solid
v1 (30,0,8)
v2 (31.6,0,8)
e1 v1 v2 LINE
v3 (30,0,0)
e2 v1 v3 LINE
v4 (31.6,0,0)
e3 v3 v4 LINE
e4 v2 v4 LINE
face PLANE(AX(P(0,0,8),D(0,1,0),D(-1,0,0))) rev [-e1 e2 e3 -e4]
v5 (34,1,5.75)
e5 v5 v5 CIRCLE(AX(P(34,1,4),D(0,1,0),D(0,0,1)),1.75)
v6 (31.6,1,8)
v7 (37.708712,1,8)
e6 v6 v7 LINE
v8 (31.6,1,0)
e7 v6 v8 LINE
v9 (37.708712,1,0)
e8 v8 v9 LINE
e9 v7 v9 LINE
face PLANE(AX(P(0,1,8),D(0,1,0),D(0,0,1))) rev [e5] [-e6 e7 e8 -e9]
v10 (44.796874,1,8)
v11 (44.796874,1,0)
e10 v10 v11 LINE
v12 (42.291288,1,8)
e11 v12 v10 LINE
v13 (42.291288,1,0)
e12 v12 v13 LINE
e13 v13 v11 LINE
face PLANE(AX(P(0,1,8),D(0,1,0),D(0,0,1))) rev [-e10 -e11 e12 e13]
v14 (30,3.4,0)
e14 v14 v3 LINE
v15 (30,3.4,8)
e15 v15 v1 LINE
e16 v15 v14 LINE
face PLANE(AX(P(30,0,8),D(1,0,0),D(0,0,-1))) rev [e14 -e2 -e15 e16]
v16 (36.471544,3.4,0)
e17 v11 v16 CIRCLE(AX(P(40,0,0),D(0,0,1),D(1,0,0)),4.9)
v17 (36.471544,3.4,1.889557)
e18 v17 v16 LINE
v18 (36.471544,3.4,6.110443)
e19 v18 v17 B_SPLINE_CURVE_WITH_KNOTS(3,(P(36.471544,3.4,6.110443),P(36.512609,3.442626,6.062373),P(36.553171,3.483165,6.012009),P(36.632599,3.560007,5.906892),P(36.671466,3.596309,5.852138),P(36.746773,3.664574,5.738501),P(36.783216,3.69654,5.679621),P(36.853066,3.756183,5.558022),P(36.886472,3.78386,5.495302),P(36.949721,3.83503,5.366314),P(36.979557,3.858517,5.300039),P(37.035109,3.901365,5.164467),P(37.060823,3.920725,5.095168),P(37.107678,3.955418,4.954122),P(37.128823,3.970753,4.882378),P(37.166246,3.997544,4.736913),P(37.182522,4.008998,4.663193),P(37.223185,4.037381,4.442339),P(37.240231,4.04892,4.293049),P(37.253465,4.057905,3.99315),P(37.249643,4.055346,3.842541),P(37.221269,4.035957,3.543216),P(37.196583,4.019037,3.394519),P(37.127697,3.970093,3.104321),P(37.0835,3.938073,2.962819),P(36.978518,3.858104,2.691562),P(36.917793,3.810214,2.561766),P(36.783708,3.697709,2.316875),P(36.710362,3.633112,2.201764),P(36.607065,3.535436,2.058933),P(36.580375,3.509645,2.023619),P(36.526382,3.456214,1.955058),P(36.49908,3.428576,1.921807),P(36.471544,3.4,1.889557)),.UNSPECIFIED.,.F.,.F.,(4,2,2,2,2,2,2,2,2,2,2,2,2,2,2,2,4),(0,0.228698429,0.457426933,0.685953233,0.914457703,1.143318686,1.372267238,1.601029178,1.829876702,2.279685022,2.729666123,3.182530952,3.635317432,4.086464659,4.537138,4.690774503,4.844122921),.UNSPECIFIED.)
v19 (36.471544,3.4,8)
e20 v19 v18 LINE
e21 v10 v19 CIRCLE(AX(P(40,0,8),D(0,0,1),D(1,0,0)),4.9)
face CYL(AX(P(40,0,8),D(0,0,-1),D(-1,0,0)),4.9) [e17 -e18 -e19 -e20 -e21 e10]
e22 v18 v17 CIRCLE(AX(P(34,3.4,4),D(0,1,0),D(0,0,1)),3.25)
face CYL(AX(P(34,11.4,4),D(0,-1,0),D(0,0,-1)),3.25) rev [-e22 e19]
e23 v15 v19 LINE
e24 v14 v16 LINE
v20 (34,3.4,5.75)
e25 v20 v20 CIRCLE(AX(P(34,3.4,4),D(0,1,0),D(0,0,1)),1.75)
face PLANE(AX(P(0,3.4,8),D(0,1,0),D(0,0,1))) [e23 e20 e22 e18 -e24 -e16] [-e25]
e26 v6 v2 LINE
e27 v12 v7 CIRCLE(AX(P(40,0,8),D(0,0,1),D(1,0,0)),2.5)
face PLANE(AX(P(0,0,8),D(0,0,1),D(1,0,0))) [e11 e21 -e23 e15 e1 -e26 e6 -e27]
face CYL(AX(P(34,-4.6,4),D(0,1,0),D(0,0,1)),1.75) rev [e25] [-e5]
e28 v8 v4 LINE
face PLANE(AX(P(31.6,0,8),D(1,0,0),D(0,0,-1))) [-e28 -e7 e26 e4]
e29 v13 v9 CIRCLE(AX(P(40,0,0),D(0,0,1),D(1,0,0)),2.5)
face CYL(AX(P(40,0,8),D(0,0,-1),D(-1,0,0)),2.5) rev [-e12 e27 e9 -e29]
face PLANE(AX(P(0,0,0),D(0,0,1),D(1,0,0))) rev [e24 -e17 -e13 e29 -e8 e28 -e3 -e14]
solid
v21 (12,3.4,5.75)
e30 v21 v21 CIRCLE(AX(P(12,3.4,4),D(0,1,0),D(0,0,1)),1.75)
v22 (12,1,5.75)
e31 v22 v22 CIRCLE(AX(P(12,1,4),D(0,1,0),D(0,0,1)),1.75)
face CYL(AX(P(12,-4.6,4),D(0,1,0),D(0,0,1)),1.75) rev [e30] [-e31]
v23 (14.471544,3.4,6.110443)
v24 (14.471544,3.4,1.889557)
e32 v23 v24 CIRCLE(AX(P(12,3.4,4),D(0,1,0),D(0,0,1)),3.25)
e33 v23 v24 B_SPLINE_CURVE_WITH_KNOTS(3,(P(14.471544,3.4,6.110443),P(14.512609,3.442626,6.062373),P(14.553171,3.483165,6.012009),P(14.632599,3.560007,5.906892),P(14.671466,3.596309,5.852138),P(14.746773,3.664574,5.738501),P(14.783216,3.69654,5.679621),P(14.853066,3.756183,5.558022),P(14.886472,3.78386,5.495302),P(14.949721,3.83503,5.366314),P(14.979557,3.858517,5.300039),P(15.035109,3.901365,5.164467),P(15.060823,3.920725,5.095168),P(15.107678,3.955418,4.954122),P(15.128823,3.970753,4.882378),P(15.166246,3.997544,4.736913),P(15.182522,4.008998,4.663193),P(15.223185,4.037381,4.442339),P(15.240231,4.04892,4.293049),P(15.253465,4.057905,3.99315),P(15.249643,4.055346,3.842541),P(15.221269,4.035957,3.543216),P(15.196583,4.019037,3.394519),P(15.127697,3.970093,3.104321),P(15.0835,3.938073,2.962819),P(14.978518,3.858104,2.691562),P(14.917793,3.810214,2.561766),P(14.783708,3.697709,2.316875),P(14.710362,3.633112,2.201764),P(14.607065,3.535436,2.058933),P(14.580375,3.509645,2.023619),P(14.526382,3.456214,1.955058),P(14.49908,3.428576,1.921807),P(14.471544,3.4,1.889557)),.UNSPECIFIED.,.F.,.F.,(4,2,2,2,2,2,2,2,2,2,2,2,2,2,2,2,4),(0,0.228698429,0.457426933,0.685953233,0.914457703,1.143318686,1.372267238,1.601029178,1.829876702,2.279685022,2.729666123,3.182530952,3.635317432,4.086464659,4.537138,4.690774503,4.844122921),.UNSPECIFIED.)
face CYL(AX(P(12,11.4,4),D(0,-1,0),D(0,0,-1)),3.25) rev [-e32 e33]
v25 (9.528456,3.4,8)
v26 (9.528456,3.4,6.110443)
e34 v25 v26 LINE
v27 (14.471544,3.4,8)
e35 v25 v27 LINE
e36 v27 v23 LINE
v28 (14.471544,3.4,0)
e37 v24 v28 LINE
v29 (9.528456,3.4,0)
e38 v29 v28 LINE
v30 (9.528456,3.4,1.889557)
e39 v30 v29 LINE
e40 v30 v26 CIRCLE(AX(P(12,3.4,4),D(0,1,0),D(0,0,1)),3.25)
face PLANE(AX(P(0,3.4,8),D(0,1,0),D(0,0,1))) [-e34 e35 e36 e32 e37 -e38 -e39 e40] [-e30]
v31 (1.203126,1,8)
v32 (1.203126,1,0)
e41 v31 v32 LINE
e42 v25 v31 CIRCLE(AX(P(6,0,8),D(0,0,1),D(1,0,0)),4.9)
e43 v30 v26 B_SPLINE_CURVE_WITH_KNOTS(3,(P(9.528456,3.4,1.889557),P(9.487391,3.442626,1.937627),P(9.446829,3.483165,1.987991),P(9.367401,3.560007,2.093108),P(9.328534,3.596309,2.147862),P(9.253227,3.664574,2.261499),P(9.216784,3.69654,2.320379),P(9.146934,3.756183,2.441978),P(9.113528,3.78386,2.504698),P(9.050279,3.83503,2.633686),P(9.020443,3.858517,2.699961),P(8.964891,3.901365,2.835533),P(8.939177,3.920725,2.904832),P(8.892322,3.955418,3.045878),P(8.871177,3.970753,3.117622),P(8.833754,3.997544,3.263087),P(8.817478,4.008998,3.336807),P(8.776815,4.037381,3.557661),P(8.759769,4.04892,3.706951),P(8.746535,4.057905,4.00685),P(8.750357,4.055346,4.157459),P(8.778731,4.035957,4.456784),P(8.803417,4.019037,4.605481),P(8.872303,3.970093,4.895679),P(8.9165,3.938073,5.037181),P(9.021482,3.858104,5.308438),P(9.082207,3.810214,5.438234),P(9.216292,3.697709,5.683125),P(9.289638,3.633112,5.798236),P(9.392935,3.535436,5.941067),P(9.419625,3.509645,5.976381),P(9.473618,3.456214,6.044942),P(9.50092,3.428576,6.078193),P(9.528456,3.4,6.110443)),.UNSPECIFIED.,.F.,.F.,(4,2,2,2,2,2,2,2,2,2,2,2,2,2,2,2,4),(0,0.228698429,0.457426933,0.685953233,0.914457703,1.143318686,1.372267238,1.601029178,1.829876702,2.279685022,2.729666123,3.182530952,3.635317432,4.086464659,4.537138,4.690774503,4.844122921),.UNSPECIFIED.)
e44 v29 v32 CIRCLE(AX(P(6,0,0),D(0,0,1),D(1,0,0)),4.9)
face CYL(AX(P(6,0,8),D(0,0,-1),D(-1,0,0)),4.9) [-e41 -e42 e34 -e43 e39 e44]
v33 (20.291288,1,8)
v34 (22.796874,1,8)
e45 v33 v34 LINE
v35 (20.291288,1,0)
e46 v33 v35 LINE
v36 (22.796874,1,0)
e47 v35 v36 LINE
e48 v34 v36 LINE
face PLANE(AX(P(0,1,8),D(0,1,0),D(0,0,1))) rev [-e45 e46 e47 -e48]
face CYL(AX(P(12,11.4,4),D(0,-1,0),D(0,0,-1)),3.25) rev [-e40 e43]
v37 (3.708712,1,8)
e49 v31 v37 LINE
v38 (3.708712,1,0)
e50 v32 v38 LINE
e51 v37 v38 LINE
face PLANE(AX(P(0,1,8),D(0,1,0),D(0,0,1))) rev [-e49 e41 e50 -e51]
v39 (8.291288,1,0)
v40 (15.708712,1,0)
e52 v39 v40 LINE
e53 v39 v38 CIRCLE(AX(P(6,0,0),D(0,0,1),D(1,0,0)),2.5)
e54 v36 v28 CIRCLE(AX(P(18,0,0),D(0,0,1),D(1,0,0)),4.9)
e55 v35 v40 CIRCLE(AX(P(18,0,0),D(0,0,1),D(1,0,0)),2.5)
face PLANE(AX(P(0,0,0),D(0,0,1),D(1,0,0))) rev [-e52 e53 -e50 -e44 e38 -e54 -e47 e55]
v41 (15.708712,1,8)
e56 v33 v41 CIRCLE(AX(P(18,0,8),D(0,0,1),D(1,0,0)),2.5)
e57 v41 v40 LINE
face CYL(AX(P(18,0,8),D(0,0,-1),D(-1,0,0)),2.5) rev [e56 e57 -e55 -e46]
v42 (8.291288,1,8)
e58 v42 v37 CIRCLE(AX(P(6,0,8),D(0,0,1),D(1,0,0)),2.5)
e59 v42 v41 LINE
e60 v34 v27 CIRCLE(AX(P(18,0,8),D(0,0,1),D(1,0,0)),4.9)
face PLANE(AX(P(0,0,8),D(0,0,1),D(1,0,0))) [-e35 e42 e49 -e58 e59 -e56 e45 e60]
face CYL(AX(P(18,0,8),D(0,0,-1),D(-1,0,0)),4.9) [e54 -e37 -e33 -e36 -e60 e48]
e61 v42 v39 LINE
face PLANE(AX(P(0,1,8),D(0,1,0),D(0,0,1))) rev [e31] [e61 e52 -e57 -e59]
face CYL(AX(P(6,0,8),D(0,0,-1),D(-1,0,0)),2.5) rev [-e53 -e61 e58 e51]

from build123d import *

# Parameters (mm, degrees)
SKICA1_W                 = 1.6
SKICA1_H                 = 1
P_IDAT_VYSUNUT_M1_DEPTH  = 8
SKICA2_R                 = 1.75
ODEBRAT_VYSUNUT_M1_DEPTH = 8
SKICA3_R                 = 3.25
ODEBRAT_VYSUNUT_M2_DEPTH = 8


with BuildPart() as part:
    # Skica1 → Přidat vysunutím1 (new body)
    with BuildSketch(Plane.XY):
        with BuildLine():
            Line((8.291287847, 1), (10.796873982, 1))
            ThreePointArc((10.796873982, 1), (10.332179451, 2.289589745), (9.528455753, 3.4))
            Line((9.528455753, 3.4), (2.471544247, 3.4))
            ThreePointArc((2.471544247, 3.4), (1.667820549, 2.289589745), (1.203126018, 1))
            Line((1.203126018, 1), (3.708712153, 1))
            ThreePointArc((3.708712153, 1), (6, 2.5), (8.291287847, 1))
        make_face()
        with BuildLine():
            Line((2.471544247, 3.4), (9.528455753, 3.4))
            ThreePointArc((9.528455753, 3.4), (6, 4.9), (2.471544247, 3.4))
        make_face()
        with BuildLine():
            Line((10.796873982, 1), (13.203126018, 1))
            ThreePointArc((13.203126018, 1), (13.667820549, 2.289589745), (14.471544247, 3.4))
            Line((14.471544247, 3.4), (9.528455753, 3.4))
            ThreePointArc((9.528455753, 3.4), (10.332179451, 2.289589745), (10.796873982, 1))
        make_face()
        with BuildLine():
            Line((20.291287847, 1), (22.796873982, 1))
            ThreePointArc((22.796873982, 1), (22.332179451, 2.289589745), (21.528455753, 3.4))
            Line((21.528455753, 3.4), (14.471544247, 3.4))
            ThreePointArc((14.471544247, 3.4), (13.667820549, 2.289589745), (13.203126018, 1))
            Line((13.203126018, 1), (15.708712153, 1))
            ThreePointArc((15.708712153, 1), (18, 2.5), (20.291287847, 1))
        make_face()
        with BuildLine():
            Line((14.471544247, 3.4), (21.528455753, 3.4))
            ThreePointArc((21.528455753, 3.4), (18, 4.9), (14.471544247, 3.4))
        make_face()
        with Locations((30.8, 0.5)):
            Rectangle(SKICA1_W, SKICA1_H)
        with BuildLine():
            Line((30, 3.4), (30, 1))
            Line((30, 1), (31.6, 1))
            Line((31.6, 1), (35.203126018, 1))
            ThreePointArc((35.203126018, 1), (35.667820549, 2.289589745), (36.471544247, 3.4))
            Line((36.471544247, 3.4), (30, 3.4))
        make_face()
        with BuildLine():
            ThreePointArc((36.471544247, 3.4), (35.667820549, 2.289589745), (35.203126018, 1))
            Line((35.203126018, 1), (37.708712153, 1))
            ThreePointArc((37.708712153, 1), (40, 2.5), (42.291287847, 1))
            Line((42.291287847, 1), (44.796873982, 1))
            ThreePointArc((44.796873982, 1), (44.332179451, 2.289589745), (43.528455753, 3.4))
            Line((43.528455753, 3.4), (36.471544247, 3.4))
        make_face()
        with BuildLine():
            ThreePointArc((43.528455753, 3.4), (40, 4.9), (36.471544247, 3.4))
            Line((36.471544247, 3.4), (43.528455753, 3.4))
        make_face()
    extrude(amount=P_IDAT_VYSUNUT_M1_DEPTH)

    # Skica2 → Odebrat vysunutím1 (cut)
    with BuildSketch(Plane(origin=(0, 3.4, 0), x_dir=(1, 0, 0), z_dir=(0, 1, 0))):
        with Locations(Location((12, -4, 0), (0, 0, 270))):
            Circle(SKICA2_R)
        with Locations(Location((34, -4, 0), (0, 0, 270))):
            Circle(SKICA2_R)
    extrude(amount=-ODEBRAT_VYSUNUT_M1_DEPTH, mode=Mode.SUBTRACT)

    # Skica3 → Odebrat vysunutím2 (cut)
    with BuildSketch(Plane(origin=(0, 3.4, 0), x_dir=(1, 0, 0), z_dir=(0, 1, 0))):
        with Locations((12, -4)):
            Circle(SKICA3_R)
        with Locations((34, -4)):
            Circle(SKICA3_R)
    extrude(amount=ODEBRAT_VYSUNUT_M2_DEPTH, mode=Mode.SUBTRACT)


solid = part.part
